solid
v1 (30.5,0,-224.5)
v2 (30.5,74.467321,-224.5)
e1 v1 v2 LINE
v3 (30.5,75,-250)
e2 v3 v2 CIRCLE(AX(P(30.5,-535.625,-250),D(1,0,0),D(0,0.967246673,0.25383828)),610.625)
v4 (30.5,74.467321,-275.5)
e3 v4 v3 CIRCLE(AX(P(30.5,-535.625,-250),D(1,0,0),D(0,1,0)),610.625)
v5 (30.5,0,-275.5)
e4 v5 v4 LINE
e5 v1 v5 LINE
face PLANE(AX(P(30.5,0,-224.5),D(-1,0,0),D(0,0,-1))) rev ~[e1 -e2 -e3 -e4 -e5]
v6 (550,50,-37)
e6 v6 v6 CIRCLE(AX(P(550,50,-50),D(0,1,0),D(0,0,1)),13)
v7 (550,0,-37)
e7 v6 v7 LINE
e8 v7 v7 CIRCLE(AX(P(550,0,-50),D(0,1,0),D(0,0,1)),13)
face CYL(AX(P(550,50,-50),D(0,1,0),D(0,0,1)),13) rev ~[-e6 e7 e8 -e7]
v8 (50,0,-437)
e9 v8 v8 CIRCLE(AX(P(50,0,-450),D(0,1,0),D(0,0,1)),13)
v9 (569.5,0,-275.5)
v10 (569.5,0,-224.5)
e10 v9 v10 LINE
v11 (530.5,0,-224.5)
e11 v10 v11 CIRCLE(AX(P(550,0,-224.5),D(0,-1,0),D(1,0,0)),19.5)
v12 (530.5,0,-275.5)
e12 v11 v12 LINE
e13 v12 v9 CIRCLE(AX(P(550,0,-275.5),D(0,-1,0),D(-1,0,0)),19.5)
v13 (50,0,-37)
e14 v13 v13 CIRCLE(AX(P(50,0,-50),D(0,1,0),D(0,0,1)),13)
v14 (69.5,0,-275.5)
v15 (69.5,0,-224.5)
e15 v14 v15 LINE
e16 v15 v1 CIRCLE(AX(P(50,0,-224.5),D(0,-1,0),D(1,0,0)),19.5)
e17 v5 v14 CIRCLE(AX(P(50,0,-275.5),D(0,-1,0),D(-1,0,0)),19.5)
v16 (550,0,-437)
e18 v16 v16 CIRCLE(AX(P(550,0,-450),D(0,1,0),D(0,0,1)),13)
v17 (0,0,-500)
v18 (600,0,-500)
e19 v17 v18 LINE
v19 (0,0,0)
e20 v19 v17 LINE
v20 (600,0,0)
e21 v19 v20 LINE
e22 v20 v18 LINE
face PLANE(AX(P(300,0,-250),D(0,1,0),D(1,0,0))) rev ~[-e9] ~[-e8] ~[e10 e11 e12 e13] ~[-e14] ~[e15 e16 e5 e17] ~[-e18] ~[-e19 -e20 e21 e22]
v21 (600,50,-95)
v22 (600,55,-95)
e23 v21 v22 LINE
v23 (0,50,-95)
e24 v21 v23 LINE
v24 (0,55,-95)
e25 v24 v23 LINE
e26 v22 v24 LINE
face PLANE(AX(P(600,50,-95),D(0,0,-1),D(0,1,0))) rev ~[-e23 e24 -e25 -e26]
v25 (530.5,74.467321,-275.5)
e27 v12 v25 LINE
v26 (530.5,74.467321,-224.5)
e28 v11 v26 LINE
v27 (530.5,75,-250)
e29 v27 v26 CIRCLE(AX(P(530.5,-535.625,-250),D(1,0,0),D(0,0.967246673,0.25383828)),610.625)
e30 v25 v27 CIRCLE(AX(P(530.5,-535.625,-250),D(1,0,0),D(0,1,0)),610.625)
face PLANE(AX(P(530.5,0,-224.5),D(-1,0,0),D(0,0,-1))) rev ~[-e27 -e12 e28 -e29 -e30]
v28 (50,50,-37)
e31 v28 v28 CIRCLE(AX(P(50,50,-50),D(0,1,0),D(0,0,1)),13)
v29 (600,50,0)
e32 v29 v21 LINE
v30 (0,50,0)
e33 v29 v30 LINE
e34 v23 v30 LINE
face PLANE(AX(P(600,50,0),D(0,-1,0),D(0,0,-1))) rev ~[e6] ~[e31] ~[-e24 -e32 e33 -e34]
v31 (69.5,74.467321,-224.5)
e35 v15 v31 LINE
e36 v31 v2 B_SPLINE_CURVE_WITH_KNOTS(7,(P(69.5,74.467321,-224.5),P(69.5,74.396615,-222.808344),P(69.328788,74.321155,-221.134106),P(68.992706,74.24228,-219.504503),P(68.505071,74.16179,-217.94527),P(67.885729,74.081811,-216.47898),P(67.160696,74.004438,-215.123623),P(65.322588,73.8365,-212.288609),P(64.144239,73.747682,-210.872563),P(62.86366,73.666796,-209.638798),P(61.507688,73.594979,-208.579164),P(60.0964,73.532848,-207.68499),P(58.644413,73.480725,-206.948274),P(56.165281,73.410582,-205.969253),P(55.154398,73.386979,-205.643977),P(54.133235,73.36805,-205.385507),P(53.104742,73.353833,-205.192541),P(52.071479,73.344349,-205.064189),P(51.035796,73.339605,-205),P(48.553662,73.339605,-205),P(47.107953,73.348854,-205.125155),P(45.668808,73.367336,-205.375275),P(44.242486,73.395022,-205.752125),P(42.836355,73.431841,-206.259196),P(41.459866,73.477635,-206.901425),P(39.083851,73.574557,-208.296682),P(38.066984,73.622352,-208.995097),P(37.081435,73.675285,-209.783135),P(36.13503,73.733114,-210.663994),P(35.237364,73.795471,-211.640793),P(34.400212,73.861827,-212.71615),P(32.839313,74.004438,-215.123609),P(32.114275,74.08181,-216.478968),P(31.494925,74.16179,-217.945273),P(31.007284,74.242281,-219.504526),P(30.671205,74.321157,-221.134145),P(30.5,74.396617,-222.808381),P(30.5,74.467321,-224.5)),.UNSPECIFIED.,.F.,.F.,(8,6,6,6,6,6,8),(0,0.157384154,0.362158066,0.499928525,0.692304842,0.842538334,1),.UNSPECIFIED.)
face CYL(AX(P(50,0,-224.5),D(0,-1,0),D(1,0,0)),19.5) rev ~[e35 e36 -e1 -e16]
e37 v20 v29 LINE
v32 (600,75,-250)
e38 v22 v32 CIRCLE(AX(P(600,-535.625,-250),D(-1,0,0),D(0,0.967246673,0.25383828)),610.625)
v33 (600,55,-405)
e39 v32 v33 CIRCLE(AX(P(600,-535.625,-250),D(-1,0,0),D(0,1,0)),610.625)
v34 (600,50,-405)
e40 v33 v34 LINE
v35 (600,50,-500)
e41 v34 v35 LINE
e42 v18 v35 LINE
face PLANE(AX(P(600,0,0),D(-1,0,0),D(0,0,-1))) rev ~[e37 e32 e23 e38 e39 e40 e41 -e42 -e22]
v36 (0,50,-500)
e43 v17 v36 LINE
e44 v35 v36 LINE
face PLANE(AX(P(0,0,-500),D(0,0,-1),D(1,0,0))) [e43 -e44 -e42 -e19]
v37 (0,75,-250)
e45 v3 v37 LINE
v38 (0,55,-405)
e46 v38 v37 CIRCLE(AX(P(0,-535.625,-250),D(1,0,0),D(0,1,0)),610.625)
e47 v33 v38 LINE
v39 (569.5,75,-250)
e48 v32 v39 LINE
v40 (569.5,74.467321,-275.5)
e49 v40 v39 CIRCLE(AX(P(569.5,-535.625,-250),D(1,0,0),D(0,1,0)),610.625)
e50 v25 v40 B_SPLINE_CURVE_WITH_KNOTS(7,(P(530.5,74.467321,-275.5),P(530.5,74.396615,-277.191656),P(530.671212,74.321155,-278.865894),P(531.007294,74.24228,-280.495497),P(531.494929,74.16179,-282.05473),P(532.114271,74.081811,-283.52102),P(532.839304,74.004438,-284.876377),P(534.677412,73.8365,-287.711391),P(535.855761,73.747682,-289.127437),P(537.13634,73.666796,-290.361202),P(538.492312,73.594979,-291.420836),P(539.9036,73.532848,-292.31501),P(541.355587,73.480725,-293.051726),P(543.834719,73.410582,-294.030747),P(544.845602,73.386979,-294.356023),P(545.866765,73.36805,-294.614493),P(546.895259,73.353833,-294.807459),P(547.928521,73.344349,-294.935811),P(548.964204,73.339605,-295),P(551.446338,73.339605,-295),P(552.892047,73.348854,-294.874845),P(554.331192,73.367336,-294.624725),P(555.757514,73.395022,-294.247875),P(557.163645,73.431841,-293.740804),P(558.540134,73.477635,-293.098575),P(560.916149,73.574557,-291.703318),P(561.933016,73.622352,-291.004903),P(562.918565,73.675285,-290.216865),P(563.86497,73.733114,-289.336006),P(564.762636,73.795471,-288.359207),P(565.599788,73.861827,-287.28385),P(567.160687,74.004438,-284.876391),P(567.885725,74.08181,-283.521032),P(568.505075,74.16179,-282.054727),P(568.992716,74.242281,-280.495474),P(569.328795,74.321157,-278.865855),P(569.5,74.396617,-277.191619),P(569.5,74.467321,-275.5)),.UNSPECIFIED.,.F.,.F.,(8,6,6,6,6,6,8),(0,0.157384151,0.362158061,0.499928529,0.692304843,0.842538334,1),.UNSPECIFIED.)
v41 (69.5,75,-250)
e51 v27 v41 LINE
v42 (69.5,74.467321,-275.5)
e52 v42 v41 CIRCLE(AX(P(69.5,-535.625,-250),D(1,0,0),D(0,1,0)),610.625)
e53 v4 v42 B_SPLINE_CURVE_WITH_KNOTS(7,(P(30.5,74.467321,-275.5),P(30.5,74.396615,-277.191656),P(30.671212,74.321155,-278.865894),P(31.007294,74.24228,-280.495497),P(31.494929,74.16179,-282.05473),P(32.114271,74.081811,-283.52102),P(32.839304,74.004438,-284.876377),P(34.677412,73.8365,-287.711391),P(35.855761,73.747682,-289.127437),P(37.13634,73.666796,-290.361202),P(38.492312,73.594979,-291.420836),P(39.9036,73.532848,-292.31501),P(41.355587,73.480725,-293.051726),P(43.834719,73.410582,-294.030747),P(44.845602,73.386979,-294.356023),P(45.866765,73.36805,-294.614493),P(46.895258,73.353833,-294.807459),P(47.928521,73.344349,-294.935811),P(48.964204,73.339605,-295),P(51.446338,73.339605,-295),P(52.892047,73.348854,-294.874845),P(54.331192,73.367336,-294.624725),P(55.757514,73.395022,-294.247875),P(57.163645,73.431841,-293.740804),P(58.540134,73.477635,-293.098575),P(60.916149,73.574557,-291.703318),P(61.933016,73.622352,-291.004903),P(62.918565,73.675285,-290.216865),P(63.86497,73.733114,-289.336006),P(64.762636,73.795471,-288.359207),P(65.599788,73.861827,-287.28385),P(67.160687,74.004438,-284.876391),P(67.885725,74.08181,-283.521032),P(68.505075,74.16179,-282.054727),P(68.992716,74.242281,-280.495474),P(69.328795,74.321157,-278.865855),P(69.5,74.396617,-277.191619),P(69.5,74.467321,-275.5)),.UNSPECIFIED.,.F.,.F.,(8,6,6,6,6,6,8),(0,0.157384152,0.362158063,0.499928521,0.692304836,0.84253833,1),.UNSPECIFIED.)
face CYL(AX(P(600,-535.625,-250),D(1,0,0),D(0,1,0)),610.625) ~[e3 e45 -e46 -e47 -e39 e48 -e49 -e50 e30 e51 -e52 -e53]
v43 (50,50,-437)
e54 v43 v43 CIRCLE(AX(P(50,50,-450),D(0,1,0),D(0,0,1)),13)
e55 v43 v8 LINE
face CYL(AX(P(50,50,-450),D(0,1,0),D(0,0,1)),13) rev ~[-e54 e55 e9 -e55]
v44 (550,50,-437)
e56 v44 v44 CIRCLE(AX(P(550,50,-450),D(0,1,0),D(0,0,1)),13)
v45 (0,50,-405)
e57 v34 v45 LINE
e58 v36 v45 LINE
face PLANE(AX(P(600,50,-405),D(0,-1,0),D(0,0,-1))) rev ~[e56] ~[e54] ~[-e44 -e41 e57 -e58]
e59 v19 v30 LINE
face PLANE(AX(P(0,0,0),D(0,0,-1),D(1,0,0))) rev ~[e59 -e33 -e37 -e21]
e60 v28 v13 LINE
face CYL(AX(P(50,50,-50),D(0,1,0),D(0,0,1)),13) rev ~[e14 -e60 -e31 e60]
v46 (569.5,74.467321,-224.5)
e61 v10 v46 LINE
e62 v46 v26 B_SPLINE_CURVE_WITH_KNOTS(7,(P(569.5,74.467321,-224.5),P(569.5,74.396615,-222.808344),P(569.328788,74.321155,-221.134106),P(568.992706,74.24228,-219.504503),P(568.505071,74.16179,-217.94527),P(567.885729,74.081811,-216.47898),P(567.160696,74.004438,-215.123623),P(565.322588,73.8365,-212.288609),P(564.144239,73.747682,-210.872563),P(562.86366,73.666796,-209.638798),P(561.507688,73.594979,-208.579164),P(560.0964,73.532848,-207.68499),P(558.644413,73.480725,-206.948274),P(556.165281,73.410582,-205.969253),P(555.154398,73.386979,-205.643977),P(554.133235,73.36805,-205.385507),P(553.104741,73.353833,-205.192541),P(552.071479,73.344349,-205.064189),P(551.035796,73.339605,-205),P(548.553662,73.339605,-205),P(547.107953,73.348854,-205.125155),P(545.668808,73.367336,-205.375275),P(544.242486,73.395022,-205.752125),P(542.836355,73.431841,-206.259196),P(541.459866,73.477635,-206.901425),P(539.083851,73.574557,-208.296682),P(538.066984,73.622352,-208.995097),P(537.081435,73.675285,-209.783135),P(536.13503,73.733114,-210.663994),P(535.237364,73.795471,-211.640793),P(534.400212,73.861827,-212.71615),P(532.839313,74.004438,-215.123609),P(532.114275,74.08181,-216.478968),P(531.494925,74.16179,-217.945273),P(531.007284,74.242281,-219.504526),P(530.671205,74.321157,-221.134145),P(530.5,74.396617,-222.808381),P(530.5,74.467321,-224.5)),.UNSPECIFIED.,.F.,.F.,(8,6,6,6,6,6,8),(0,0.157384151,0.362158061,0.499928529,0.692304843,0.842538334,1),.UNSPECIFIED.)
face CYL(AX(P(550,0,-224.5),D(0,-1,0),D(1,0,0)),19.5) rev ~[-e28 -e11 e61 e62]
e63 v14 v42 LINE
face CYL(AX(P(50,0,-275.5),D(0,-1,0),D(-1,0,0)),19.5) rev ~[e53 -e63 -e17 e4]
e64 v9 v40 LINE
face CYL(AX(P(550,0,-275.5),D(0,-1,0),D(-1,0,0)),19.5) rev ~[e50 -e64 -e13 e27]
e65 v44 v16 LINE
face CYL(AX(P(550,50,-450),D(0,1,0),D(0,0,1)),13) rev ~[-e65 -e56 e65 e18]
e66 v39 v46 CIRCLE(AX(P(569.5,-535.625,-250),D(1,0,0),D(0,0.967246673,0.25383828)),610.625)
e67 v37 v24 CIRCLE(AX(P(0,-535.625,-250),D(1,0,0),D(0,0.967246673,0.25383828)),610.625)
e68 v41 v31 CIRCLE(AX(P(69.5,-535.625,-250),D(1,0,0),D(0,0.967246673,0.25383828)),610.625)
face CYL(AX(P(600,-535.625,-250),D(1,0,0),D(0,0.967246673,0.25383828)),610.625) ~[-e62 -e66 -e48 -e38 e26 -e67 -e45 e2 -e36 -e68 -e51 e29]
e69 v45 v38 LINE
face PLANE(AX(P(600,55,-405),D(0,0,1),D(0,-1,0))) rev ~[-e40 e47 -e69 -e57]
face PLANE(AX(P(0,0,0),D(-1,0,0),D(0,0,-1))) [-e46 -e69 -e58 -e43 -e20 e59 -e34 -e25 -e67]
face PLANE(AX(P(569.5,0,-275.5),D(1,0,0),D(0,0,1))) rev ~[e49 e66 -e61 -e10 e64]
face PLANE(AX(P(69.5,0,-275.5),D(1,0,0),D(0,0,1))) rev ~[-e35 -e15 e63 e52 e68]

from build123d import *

# Parameters (mm, degrees)
SKETCH_1_W             = 600
SKETCH_1_H             = 500
EXTRUDE_1_DEPTH        = 75
CUT_EXTRUDE_1_DEPTH    = 785.617741324
CUT_EXTRUDE_2_DEPTH    = 785.617741324
SKETCH_5_R             = 13
CUT_EXTRUDE_3_DEPTH    = 783.623792125
CUT_EXTRUDE_4_DEPTH    = 785.617741324
PATTERN_LINEAR_1_COUNT = 2
PATTERN_LINEAR_1_PITCH = 500


with BuildPart() as part:
    # 草图1 → 凸台-拉伸1 (new body)
    with BuildSketch(Plane(origin=(0, 0, 0), x_dir=(1, 0, 0), z_dir=(0, 1, 0))):
        with Locations((300, 250)):
            Rectangle(SKETCH_1_W, SKETCH_1_H)
    extrude(amount=EXTRUDE_1_DEPTH)

    # 草图3 → 切除-拉伸1 (cut, through all)
    with BuildSketch(Plane(origin=(600, 0, 0), x_dir=(0, 0, -1), z_dir=(1, 0, 0))):
        with BuildLine():
            Line((405, 55), (405, 50))
            Line((405, 50), (500, 50))
            Line((500, 50), (500, 75))
            Line((500, 75), (250, 75))
            ThreePointArc((250, 75), (328.14249804, 69.979359813), (405, 55))
        make_face()
    extrude(amount=-CUT_EXTRUDE_1_DEPTH, mode=Mode.SUBTRACT)

    # 草图4 → 切除-拉伸2 (cut, through all)
    with BuildSketch(Plane(origin=(600, 0, 0), x_dir=(0, 0, -1), z_dir=(1, 0, 0))):
        with BuildLine():
            Line((0, 75), (0, 50))
            Line((0, 50), (95, 50))
            Line((95, 50), (95, 55))
            ThreePointArc((95, 55), (171.85750196, 69.979359813), (250, 75))
            Line((250, 75), (0, 75))
        make_face()
    extrude(amount=-CUT_EXTRUDE_2_DEPTH, mode=Mode.SUBTRACT)

    # 草图5 → 切除-拉伸3 (cut, through all)
    with BuildSketch(Plane(origin=(0, 50, 0), x_dir=(1, 0, 0), z_dir=(0, 1, 0))):
        with Locations(Location((50, 450, 0), (0, 0, 270))):
            Circle(SKETCH_5_R)
        with Locations(Location((550, 450, 0), (0, 0, 270))):
            Circle(SKETCH_5_R)
        with Locations(Location((50, 50, 0), (0, 0, 270))):
            Circle(SKETCH_5_R)
        with Locations(Location((550, 50, 0), (0, 0, 270))):
            Circle(SKETCH_5_R)
    extrude(amount=-CUT_EXTRUDE_3_DEPTH, mode=Mode.SUBTRACT)

    # 草图6 → 切除-拉伸4 (cut, through all)
    with BuildSketch(Plane.XZ):
        with BuildLine():
            Line((30.5, -224.5), (30.5, -275.5))
            ThreePointArc((30.5, -275.5), (50, -295), (69.5, -275.5))
            Line((69.5, -275.5), (69.5, -224.5))
            ThreePointArc((69.5, -224.5), (50, -205), (30.5, -224.5))
        make_face()
    cut_extrude_4 = extrude(amount=-CUT_EXTRUDE_4_DEPTH, mode=Mode.SUBTRACT)

    # 阵列(线性)1: 切除-拉伸4 ×2
    with Locations(*[(i * PATTERN_LINEAR_1_PITCH, 0, 0) for i in range(1, PATTERN_LINEAR_1_COUNT)]):
        add(cut_extrude_4, mode=Mode.SUBTRACT)


solid = part.part
